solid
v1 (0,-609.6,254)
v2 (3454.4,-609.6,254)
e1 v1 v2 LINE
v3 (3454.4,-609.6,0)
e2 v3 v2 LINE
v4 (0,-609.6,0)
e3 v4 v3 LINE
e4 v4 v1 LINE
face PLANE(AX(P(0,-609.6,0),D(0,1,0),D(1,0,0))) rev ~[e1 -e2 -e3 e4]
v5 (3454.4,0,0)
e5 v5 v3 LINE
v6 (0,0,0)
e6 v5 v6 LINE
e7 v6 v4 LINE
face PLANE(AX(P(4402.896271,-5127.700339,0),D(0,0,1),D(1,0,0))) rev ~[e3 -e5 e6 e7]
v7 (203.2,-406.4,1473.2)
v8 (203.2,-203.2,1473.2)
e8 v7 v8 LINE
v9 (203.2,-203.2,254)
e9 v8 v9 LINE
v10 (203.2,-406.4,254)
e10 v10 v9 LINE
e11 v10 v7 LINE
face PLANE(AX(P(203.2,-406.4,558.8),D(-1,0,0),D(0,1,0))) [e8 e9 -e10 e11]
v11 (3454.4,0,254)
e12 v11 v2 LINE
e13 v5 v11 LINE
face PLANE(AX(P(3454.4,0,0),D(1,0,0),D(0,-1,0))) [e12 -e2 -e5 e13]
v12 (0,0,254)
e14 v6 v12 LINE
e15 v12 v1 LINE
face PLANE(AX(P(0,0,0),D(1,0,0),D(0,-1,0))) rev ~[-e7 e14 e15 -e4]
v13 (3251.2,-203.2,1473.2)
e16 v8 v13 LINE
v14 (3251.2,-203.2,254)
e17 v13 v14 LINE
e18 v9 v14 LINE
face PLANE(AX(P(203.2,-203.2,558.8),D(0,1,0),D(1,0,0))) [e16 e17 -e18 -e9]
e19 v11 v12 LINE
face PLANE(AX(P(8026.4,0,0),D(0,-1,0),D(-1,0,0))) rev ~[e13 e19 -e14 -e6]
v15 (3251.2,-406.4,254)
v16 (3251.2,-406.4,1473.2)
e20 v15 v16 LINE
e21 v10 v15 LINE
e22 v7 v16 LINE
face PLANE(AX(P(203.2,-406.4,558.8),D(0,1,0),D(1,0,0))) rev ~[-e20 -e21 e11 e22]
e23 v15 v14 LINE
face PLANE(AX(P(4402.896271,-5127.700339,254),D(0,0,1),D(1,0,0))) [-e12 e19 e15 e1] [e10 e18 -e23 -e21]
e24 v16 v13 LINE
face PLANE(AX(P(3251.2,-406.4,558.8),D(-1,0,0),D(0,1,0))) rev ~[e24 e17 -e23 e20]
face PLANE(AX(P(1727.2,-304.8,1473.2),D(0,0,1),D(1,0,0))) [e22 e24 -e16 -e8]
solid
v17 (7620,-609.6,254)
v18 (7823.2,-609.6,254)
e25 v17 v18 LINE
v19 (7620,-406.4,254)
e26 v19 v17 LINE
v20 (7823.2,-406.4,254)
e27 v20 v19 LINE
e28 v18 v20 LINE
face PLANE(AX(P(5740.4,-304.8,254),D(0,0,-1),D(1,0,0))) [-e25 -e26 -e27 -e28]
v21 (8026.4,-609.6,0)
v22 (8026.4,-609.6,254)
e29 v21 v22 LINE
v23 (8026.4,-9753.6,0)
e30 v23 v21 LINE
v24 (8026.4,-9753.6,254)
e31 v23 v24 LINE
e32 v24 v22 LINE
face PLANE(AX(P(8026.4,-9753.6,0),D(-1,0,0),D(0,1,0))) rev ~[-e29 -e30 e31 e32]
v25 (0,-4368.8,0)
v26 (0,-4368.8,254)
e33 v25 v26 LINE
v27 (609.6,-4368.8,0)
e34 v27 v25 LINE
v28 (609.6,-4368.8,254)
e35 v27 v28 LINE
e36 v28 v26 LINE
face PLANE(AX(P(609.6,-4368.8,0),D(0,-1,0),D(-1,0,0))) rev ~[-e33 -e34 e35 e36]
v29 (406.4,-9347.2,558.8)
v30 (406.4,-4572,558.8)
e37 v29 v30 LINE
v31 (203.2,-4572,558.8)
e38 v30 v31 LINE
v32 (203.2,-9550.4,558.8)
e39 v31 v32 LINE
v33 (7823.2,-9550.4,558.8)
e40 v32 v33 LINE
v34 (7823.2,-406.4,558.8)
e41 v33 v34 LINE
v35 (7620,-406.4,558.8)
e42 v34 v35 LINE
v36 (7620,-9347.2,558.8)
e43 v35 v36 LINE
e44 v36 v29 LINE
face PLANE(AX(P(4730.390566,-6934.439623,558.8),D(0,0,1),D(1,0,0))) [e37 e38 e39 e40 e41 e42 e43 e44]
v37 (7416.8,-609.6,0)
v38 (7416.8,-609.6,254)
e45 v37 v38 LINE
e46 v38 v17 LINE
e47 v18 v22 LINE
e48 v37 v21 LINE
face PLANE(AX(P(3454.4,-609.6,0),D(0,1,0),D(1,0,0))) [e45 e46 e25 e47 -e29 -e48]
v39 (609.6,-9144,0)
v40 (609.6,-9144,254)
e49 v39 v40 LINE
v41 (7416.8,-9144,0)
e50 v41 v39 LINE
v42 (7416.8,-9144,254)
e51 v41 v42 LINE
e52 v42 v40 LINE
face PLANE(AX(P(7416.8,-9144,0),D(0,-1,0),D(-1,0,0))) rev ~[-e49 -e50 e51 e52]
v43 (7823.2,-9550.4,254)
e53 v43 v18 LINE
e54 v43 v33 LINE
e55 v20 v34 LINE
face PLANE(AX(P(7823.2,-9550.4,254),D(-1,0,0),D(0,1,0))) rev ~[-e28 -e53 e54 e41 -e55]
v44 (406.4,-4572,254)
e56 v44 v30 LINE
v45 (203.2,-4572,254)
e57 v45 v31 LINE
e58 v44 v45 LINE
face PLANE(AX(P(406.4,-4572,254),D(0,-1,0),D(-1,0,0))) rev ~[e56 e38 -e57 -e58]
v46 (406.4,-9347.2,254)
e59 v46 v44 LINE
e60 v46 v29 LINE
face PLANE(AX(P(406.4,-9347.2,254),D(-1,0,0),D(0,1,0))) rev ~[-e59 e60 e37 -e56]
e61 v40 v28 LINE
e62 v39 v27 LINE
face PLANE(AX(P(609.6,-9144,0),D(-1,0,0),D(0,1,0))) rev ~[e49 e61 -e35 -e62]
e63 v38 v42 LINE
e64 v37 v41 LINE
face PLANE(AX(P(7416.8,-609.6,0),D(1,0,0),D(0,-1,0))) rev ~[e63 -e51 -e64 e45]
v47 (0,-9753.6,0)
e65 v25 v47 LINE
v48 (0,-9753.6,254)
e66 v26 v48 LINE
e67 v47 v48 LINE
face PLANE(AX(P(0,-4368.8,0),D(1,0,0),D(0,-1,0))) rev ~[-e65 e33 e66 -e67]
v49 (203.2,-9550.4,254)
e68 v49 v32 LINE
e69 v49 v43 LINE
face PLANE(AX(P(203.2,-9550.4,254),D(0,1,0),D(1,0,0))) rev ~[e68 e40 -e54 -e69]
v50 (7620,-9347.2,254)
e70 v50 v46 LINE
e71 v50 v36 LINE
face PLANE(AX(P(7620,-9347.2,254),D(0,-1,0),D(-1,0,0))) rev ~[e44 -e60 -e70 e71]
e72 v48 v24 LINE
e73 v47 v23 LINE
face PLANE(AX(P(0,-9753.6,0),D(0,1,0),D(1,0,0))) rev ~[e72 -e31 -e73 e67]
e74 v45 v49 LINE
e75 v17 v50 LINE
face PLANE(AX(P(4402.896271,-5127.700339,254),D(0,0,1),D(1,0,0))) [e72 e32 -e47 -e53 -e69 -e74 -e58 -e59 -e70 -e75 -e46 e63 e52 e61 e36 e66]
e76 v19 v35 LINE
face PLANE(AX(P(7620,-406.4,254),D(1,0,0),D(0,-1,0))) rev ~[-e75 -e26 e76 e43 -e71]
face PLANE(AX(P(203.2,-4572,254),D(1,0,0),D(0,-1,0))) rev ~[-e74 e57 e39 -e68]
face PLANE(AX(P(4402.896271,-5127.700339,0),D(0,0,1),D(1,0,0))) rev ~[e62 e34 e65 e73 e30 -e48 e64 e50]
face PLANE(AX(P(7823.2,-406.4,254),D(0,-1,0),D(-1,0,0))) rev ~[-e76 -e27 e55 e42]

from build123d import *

# Parameters (mm, degrees)
F1_DEPTH = 254
F2_W     = 3048
F2_H     = 203.2
F3_DEPTH = 304.8
F4_W     = 3048
F4_H     = 203.2
F5_DEPTH = 914.4
F6_W     = 4572
F6_H     = 609.6
F7_DEPTH = 254


with BuildPart() as f1:
    # F0 (on Top) → F1 (new body)
    with BuildSketch(Plane.XY):
        Polygon((8026.4, 0), (0, 0), (0, -609.6), (7416.8, -609.6), (7416.8, -9144), (609.6, -9144), (609.6, -4368.8), (0, -4368.8), (0, -9753.6), (8026.4, -9753.6), align=None)
    extrude(amount=F1_DEPTH)

    # F2 (on face) → F3 (join)
    with BuildSketch(Plane.XY.offset(254)):
        with Locations((1727.2, -304.8)):
            Rectangle(F2_W, F2_H)
        Polygon((7823.2, -406.4), (7620, -406.4), (7620, -9347.2), (406.4, -9347.2), (406.4, -4572), (203.2, -4572), (203.2, -9550.4), (7823.2, -9550.4), align=None)
    extrude(amount=F3_DEPTH)

    # F4 (on face) → F5 (join)
    with BuildSketch(Plane.XY.offset(558.8)):
        with Locations((1727.2, -304.8)):
            Rectangle(F4_W, F4_H)
    extrude(amount=F5_DEPTH)

    # F6 (on face) → F7 (cut)
    with BuildSketch(Plane(origin=(0, 0, 0), x_dir=(1, 0, 0), z_dir=(0, 0, -1))):
        with Locations((5740.4, 304.8)):
            Rectangle(F6_W, F6_H)
    extrude(amount=-F7_DEPTH, mode=Mode.SUBTRACT)


solid = f1.part
